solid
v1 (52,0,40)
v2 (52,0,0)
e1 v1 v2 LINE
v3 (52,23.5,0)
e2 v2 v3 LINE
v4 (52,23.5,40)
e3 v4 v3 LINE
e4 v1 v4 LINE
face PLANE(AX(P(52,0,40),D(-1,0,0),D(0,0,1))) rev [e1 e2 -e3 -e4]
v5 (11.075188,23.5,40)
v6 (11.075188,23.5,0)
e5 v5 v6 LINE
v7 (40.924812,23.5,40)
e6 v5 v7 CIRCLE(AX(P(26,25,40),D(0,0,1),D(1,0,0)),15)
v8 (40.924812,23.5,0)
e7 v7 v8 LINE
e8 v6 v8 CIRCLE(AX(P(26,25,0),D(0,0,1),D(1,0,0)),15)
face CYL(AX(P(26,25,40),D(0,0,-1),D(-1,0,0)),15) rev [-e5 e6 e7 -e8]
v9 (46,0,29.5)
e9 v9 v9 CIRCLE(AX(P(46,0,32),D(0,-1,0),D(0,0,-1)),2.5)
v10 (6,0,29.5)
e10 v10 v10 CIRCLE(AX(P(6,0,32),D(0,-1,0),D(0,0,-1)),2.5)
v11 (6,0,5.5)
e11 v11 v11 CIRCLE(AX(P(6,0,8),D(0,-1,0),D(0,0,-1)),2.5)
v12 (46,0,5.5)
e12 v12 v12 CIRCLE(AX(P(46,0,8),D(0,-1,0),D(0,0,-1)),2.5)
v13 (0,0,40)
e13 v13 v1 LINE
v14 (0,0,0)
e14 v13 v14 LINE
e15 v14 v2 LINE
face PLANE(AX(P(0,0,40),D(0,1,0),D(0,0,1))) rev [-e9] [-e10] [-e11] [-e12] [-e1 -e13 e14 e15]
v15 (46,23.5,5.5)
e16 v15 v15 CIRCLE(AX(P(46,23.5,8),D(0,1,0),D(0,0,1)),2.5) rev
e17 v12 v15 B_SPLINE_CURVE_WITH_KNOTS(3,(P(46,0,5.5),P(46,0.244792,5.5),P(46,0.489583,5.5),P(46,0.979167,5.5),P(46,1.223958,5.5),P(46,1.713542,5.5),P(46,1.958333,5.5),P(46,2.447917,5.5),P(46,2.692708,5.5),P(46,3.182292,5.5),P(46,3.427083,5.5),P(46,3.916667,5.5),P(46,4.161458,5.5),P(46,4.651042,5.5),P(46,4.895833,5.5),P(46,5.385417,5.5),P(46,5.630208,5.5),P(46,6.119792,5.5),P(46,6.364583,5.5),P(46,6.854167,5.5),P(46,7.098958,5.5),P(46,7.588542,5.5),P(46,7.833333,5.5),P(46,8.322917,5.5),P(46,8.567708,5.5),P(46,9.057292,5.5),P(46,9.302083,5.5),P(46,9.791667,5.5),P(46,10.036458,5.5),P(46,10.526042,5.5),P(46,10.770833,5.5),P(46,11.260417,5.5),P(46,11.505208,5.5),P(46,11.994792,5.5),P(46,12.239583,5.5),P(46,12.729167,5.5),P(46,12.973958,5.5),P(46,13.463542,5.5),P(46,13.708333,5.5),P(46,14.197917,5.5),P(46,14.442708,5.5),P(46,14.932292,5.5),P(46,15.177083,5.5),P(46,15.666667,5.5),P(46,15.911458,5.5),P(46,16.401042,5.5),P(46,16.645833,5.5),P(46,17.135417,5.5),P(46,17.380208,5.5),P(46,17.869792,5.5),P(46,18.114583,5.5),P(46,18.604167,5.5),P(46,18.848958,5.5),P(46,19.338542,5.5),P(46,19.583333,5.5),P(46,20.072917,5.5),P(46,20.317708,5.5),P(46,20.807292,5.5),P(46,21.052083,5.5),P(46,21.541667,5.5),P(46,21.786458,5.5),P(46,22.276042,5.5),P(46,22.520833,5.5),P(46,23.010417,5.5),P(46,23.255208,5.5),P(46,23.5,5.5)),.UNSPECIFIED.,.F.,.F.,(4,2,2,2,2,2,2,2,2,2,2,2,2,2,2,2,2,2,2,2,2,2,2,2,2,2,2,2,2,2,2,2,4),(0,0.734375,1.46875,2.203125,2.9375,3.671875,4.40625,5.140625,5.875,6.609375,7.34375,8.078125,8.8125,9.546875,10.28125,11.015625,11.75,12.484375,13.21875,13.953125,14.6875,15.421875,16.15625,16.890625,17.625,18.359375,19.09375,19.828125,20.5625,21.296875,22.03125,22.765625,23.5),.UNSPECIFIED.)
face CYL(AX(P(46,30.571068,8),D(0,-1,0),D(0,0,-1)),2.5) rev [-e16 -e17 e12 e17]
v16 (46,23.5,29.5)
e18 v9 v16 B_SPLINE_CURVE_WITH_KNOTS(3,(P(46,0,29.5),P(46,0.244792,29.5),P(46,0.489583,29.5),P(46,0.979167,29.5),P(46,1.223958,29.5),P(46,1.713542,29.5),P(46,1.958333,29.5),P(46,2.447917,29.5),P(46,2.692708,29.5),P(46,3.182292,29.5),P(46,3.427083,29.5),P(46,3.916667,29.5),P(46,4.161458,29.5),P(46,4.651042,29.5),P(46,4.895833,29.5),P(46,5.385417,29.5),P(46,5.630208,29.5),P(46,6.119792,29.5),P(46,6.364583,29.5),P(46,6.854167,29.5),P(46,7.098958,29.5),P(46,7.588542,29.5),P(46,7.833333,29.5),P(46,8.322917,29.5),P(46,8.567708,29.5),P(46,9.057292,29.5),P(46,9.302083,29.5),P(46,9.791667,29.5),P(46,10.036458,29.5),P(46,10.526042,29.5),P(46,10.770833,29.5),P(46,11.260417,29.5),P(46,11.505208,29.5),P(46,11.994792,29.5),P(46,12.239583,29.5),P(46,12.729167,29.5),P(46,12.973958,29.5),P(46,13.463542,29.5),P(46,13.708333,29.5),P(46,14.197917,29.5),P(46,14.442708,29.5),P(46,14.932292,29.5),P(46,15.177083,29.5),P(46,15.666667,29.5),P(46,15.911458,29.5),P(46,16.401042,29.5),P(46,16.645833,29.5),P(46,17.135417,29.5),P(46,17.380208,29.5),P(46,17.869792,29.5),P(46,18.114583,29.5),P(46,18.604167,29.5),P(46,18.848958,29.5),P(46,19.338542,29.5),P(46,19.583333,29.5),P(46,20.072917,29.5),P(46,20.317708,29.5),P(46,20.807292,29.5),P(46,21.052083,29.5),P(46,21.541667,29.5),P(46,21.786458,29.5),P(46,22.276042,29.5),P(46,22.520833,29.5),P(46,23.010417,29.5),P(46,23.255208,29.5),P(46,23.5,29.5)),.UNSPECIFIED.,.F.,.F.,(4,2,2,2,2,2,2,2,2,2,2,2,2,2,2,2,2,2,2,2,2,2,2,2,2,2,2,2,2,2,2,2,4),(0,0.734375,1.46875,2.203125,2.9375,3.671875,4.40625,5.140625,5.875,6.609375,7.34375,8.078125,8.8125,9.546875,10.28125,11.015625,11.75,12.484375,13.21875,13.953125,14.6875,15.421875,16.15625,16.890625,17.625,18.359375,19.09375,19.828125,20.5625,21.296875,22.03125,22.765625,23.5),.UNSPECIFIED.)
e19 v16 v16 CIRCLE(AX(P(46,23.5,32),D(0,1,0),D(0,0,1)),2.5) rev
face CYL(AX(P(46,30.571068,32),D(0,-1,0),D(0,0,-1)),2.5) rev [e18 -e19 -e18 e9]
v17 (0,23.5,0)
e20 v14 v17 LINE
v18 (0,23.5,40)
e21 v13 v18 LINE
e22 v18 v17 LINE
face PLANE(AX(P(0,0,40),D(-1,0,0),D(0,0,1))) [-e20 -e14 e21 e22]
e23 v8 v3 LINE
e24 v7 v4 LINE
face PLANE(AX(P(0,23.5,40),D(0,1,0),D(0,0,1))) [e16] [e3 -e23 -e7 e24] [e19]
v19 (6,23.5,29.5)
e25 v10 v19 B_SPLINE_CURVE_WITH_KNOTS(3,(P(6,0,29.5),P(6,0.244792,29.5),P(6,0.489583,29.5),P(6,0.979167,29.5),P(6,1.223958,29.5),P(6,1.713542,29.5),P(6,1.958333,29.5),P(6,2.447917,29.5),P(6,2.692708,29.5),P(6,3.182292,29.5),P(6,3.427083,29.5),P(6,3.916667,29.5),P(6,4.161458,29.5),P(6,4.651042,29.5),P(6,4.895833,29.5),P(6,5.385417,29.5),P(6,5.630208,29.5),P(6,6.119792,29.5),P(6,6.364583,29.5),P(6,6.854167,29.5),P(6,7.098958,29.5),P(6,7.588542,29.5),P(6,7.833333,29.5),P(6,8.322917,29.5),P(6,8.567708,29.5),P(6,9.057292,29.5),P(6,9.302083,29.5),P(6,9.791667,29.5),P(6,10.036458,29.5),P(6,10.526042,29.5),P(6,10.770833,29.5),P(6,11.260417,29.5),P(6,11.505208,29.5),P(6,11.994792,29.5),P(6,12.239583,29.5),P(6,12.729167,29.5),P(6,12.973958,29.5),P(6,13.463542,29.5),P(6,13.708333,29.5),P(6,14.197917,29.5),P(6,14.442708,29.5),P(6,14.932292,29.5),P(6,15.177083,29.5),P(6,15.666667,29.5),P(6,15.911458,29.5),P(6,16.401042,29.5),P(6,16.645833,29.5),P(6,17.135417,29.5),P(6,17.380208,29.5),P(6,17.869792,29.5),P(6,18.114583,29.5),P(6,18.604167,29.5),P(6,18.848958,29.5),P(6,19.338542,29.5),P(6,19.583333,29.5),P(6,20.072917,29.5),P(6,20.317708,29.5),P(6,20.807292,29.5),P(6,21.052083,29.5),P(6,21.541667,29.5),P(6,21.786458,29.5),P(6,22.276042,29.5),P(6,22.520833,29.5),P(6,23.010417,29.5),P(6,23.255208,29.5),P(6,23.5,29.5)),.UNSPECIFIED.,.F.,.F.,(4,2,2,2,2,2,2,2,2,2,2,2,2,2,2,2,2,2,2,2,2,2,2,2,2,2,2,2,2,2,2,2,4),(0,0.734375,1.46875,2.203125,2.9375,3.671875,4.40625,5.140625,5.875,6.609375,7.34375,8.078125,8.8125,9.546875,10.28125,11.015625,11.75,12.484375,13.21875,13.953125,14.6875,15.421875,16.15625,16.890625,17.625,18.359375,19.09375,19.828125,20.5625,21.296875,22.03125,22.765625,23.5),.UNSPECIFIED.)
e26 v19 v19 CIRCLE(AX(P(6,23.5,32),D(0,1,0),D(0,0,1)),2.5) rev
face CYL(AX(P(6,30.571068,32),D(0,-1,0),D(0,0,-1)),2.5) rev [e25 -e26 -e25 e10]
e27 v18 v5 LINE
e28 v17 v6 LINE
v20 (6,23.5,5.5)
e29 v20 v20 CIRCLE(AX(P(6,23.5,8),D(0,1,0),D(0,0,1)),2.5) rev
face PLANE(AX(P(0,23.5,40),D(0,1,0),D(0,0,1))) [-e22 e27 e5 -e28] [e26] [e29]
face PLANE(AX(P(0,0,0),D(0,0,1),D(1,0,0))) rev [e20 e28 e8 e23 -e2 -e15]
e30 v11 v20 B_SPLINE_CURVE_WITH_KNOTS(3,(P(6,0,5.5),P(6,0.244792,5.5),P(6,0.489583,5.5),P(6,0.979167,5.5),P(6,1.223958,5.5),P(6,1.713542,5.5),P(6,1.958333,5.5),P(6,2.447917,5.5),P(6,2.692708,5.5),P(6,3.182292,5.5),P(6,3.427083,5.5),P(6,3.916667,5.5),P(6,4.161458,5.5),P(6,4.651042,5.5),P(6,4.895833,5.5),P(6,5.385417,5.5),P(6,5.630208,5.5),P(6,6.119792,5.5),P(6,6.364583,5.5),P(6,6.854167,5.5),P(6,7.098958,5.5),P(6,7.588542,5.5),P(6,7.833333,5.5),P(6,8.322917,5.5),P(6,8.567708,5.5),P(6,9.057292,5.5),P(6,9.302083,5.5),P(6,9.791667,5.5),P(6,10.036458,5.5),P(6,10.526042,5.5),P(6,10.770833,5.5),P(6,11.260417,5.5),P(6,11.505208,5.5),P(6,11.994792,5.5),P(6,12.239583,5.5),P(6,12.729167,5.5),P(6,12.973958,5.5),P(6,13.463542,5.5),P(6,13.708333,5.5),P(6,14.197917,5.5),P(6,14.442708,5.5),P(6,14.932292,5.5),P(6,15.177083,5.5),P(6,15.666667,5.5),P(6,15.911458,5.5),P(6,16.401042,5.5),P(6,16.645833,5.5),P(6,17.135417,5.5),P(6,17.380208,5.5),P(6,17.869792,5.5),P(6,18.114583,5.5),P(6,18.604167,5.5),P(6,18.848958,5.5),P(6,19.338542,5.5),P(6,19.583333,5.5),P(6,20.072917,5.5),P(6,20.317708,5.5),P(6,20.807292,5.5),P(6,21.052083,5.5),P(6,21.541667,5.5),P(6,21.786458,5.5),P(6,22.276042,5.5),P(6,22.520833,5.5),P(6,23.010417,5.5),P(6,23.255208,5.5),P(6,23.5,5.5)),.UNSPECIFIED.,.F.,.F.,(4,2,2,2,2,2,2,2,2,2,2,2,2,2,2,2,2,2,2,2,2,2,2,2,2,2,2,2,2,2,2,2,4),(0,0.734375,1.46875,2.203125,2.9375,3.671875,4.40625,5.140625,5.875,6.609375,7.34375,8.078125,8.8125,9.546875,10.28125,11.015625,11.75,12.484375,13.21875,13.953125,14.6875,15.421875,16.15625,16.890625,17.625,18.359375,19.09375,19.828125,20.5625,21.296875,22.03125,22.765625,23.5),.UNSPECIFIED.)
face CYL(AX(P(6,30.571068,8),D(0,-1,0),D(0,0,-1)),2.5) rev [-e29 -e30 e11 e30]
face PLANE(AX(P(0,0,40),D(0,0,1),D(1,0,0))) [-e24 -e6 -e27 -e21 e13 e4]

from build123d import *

# Parameters (mm, degrees)
BOSS_EXTRUDE1_DEPTH = 40
SKETCH2_R           = 2.5
CUT_EXTRUDE1_DEPTH  = 23.5


with BuildPart() as part:
    # Sketch1 → Boss-Extrude1 (new body)
    with BuildSketch(Plane.XY):
        with BuildLine():
            Line((0, 23.5), (0, 0))
            Line((0, 0), (52, 0))
            Line((52, 0), (52, 23.5))
            Line((52, 23.5), (40.924811557, 23.5))
            ThreePointArc((40.924811557, 23.5), (26, 10), (11.075188443, 23.5))
            Line((11.075188443, 23.5), (0, 23.5))
        make_face()
    extrude(amount=BOSS_EXTRUDE1_DEPTH)

    # Sketch2 → Cut-Extrude1 (cut)
    with BuildSketch(Plane(origin=(0, 0, 0), x_dir=(-1, 0, 0), z_dir=(0, -1, 0))):
        with Locations(Location((-6, -8, 0), (0, 0, 90))):
            Circle(SKETCH2_R)
        with Locations(Location((-6, -32, 0), (0, 0, 90))):
            Circle(SKETCH2_R)
        with Locations(Location((-46, -32, 0), (0, 0, 90))):
            Circle(SKETCH2_R)
        with Locations(Location((-46, -8, 0), (0, 0, 90))):
            Circle(SKETCH2_R)
    extrude(amount=-CUT_EXTRUDE1_DEPTH, mode=Mode.SUBTRACT)


solid = part.part
